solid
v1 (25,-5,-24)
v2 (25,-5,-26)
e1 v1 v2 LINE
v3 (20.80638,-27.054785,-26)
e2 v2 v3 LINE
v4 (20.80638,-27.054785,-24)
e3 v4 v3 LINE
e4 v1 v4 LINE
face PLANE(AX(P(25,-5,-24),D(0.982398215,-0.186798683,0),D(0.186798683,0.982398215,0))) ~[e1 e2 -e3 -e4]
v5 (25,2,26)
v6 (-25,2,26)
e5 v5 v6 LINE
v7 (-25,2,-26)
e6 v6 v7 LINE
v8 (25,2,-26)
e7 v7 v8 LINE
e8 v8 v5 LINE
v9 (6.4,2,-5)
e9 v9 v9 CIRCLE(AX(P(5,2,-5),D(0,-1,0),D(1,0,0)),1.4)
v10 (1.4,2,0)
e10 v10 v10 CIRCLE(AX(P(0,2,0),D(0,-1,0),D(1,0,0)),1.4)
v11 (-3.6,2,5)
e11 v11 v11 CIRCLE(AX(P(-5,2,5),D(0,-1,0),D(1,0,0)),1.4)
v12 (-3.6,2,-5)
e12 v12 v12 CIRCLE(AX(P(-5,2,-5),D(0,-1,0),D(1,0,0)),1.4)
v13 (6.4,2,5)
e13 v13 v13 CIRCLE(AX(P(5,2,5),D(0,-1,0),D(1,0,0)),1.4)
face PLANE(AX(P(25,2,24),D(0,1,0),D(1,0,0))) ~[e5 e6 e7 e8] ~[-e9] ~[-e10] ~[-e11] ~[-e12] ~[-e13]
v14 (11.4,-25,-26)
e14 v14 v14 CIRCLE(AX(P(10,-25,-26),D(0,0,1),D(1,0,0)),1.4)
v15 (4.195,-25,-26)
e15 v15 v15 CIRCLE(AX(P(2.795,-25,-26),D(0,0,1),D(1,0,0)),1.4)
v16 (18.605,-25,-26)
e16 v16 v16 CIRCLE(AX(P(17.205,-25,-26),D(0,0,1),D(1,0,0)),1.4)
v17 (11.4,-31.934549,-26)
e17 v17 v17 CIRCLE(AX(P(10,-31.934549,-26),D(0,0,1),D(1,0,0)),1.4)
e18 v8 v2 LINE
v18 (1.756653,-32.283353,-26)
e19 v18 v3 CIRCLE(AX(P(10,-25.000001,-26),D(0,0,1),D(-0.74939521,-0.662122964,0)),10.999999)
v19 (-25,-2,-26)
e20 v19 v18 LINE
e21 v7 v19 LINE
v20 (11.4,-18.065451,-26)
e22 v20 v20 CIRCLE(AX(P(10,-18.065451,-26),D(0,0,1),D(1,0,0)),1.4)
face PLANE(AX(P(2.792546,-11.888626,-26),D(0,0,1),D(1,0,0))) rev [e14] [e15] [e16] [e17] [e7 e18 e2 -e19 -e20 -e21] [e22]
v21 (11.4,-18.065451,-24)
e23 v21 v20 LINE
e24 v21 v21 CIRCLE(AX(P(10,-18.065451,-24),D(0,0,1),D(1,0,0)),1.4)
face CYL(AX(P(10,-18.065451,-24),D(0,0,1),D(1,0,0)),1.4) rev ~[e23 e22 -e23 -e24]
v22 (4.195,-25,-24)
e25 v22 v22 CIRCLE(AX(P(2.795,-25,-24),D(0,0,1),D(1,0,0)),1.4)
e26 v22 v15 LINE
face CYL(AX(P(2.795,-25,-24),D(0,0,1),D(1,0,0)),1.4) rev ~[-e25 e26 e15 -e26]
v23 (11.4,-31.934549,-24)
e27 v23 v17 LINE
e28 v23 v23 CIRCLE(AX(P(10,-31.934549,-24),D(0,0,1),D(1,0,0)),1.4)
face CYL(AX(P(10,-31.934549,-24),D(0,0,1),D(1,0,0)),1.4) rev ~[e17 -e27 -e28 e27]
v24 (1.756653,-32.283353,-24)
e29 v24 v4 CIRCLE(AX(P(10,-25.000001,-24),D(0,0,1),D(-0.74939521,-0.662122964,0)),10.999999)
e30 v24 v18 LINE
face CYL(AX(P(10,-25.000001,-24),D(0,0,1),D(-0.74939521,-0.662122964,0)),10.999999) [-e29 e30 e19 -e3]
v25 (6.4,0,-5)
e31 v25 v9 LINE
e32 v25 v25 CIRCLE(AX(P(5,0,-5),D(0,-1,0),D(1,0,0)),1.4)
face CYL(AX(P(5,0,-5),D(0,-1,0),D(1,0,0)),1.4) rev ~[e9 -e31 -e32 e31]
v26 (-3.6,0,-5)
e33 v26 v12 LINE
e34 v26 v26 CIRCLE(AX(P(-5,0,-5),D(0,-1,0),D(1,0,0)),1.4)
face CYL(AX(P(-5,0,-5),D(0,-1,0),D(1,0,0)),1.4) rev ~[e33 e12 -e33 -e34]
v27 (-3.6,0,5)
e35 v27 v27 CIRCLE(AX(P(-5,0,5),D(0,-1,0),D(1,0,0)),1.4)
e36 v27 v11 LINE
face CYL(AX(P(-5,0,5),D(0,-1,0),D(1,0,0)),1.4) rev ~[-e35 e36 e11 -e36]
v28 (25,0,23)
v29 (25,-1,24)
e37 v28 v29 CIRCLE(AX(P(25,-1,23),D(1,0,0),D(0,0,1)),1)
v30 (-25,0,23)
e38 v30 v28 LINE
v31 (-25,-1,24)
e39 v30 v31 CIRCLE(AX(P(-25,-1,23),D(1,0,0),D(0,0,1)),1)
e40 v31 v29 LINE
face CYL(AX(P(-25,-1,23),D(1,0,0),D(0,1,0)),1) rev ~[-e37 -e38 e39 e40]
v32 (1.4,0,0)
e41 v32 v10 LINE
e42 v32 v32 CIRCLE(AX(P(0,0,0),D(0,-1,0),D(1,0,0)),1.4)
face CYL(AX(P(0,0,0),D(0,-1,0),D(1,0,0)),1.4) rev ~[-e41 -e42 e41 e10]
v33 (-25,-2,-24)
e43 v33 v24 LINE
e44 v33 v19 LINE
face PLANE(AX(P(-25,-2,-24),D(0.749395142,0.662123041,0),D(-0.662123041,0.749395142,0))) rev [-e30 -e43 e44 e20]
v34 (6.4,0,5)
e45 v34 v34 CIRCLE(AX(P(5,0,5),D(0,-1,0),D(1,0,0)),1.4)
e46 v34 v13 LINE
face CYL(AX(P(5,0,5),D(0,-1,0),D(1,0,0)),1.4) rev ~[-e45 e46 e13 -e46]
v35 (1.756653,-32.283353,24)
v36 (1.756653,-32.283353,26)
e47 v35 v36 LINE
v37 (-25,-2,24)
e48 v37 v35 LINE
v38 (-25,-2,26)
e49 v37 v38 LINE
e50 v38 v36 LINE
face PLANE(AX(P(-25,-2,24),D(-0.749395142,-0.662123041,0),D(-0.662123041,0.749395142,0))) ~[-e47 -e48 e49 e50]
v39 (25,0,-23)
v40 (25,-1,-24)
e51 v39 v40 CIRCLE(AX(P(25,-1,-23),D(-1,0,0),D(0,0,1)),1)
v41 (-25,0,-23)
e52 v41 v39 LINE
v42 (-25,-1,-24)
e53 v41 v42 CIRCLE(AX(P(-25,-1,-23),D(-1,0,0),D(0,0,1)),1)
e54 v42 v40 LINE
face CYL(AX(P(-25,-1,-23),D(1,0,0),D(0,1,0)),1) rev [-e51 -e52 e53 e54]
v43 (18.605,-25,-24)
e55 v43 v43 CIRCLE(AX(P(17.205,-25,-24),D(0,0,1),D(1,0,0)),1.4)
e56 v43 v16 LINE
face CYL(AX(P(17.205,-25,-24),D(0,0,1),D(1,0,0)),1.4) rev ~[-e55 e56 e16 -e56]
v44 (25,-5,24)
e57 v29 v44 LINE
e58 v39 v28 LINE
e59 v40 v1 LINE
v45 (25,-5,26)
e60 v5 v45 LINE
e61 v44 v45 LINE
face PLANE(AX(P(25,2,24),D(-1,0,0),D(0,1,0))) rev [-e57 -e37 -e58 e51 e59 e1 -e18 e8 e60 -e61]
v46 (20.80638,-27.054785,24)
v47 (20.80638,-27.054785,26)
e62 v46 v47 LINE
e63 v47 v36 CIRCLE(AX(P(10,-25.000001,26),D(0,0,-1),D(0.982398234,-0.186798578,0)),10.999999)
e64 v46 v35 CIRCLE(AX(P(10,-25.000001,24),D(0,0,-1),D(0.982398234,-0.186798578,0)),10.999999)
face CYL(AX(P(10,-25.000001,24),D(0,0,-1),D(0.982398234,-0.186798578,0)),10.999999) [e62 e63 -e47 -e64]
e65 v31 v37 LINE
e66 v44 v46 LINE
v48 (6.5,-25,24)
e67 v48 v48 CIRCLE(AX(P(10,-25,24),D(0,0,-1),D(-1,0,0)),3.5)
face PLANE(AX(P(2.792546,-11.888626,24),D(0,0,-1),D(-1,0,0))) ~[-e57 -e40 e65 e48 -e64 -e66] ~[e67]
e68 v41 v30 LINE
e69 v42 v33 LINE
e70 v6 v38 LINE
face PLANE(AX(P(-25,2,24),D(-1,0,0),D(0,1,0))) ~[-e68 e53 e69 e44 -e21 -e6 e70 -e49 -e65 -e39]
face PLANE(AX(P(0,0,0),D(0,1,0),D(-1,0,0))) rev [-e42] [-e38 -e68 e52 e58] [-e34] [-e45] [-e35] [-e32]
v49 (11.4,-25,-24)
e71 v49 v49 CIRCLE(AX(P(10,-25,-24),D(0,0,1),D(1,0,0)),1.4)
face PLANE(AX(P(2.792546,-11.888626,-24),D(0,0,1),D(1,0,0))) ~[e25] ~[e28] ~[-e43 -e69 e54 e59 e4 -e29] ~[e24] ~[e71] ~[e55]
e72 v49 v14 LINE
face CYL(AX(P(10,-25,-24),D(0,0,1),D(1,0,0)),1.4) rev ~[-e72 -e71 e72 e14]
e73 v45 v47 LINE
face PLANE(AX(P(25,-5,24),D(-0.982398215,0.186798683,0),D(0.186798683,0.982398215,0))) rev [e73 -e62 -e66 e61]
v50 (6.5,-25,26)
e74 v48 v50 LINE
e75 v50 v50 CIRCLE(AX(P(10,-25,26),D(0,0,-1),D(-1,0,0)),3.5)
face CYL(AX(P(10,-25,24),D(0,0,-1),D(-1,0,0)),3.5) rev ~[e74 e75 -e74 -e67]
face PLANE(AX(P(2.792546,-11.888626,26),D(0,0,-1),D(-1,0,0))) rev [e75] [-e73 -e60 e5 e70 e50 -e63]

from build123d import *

# Parameters (mm, degrees)
SKETCH_W     = 50
SKETCH_H     = 48
SKETCH_R     = 1.4
PAD_DEPTH    = 2
SKETCH003_R  = 1.4
PAD001_DEPTH = 2
SKETCH004_R  = 3.5
PAD002_DEPTH = 2
FILLET_R     = 1
FILLET001_R  = 1


with BuildPart() as body:
    # Sketch → Pad (new body)
    with BuildSketch(Plane.XZ):
        Rectangle(SKETCH_W, SKETCH_H)
        with Locations((-5, 5)):
            Circle(SKETCH_R, mode=Mode.SUBTRACT)
        with Locations((5, 5)):
            Circle(SKETCH_R, mode=Mode.SUBTRACT)
        with Locations((-5, -5)):
            Circle(SKETCH_R, mode=Mode.SUBTRACT)
        with Locations((5, -5)):
            Circle(SKETCH_R, mode=Mode.SUBTRACT)
        Circle(SKETCH_R, mode=Mode.SUBTRACT)
    extrude(amount=PAD_DEPTH)

    # Sketch003 (on Face3 of Pad) → Pad001 (join)
    with BuildSketch(Plane(origin=(0, 0, -24), x_dir=(1, 0, 0), z_dir=(0, 0, -1))):
        with BuildLine():
            Line((-25, 0), (-25, 2))
            Line((-25, 2), (25, 2))
            Line((25, 2), (25, 0))
            Line((25, 0), (25, -5))
            Line((25, -5), (20.80638, -27.054785))
            ThreePointArc((1.756653, -32.283353), (12.911489, -35.607697), (20.80638, -27.054785))
            Line((-25, -2), (1.756653, -32.283353))
            Line((-25, 0), (-25, -2))
        make_face()
        with Locations((10, -31.934549)):
            Circle(SKETCH003_R, mode=Mode.SUBTRACT)
        with Locations((17.205, -25)):
            Circle(SKETCH003_R, mode=Mode.SUBTRACT)
        with Locations((10, -25)):
            Circle(SKETCH003_R, mode=Mode.SUBTRACT)
        with Locations((2.795, -25)):
            Circle(SKETCH003_R, mode=Mode.SUBTRACT)
        with Locations((10, -18.065451)):
            Circle(SKETCH003_R, mode=Mode.SUBTRACT)
    extrude(amount=PAD001_DEPTH)

    # Sketch004 (on Face1 of Pad) → Pad002 (join)
    with BuildSketch(Plane(origin=(0, 0, 24), x_dir=(-1, 0, 0), z_dir=(0, 0, 1))):
        with BuildLine():
            Line((-25, 2), (25, 2))
            Line((25, 2), (25, 0))
            Line((25, 0), (25, -2))
            Line((25, -2), (-1.756653, -32.283353))
            ThreePointArc((-20.80638, -27.054785), (-12.911489, -35.607697), (-1.756653, -32.283353))
            Line((-25, -5), (-20.80638, -27.054785))
            Line((-25, 0), (-25, -5))
            Line((-25, 0), (-25, 2))
        make_face()
        with Locations((-10, -25)):
            Circle(SKETCH004_R, mode=Mode.SUBTRACT)
    extrude(amount=PAD002_DEPTH)

    # Fillet
    fillet_edges = [body.edges().sort_by_distance(p)[0] for p in [
        (0, 0, 24),
    ]]
    fillet(fillet_edges, radius=FILLET_R)

    # Fillet001
    fillet001_edges = [body.edges().sort_by_distance(p)[0] for p in [
        (0, 0, -24),
    ]]
    fillet(fillet001_edges, radius=FILLET001_R)


with BuildPart() as part_mirroring:
    # Part__Mirroring: instance of Body
    add(body.part.mirror(Plane(origin=(0, 0, 0), x_dir=(1, 0, 0), z_dir=(0, 1, 0))))


solid = part_mirroring.part
